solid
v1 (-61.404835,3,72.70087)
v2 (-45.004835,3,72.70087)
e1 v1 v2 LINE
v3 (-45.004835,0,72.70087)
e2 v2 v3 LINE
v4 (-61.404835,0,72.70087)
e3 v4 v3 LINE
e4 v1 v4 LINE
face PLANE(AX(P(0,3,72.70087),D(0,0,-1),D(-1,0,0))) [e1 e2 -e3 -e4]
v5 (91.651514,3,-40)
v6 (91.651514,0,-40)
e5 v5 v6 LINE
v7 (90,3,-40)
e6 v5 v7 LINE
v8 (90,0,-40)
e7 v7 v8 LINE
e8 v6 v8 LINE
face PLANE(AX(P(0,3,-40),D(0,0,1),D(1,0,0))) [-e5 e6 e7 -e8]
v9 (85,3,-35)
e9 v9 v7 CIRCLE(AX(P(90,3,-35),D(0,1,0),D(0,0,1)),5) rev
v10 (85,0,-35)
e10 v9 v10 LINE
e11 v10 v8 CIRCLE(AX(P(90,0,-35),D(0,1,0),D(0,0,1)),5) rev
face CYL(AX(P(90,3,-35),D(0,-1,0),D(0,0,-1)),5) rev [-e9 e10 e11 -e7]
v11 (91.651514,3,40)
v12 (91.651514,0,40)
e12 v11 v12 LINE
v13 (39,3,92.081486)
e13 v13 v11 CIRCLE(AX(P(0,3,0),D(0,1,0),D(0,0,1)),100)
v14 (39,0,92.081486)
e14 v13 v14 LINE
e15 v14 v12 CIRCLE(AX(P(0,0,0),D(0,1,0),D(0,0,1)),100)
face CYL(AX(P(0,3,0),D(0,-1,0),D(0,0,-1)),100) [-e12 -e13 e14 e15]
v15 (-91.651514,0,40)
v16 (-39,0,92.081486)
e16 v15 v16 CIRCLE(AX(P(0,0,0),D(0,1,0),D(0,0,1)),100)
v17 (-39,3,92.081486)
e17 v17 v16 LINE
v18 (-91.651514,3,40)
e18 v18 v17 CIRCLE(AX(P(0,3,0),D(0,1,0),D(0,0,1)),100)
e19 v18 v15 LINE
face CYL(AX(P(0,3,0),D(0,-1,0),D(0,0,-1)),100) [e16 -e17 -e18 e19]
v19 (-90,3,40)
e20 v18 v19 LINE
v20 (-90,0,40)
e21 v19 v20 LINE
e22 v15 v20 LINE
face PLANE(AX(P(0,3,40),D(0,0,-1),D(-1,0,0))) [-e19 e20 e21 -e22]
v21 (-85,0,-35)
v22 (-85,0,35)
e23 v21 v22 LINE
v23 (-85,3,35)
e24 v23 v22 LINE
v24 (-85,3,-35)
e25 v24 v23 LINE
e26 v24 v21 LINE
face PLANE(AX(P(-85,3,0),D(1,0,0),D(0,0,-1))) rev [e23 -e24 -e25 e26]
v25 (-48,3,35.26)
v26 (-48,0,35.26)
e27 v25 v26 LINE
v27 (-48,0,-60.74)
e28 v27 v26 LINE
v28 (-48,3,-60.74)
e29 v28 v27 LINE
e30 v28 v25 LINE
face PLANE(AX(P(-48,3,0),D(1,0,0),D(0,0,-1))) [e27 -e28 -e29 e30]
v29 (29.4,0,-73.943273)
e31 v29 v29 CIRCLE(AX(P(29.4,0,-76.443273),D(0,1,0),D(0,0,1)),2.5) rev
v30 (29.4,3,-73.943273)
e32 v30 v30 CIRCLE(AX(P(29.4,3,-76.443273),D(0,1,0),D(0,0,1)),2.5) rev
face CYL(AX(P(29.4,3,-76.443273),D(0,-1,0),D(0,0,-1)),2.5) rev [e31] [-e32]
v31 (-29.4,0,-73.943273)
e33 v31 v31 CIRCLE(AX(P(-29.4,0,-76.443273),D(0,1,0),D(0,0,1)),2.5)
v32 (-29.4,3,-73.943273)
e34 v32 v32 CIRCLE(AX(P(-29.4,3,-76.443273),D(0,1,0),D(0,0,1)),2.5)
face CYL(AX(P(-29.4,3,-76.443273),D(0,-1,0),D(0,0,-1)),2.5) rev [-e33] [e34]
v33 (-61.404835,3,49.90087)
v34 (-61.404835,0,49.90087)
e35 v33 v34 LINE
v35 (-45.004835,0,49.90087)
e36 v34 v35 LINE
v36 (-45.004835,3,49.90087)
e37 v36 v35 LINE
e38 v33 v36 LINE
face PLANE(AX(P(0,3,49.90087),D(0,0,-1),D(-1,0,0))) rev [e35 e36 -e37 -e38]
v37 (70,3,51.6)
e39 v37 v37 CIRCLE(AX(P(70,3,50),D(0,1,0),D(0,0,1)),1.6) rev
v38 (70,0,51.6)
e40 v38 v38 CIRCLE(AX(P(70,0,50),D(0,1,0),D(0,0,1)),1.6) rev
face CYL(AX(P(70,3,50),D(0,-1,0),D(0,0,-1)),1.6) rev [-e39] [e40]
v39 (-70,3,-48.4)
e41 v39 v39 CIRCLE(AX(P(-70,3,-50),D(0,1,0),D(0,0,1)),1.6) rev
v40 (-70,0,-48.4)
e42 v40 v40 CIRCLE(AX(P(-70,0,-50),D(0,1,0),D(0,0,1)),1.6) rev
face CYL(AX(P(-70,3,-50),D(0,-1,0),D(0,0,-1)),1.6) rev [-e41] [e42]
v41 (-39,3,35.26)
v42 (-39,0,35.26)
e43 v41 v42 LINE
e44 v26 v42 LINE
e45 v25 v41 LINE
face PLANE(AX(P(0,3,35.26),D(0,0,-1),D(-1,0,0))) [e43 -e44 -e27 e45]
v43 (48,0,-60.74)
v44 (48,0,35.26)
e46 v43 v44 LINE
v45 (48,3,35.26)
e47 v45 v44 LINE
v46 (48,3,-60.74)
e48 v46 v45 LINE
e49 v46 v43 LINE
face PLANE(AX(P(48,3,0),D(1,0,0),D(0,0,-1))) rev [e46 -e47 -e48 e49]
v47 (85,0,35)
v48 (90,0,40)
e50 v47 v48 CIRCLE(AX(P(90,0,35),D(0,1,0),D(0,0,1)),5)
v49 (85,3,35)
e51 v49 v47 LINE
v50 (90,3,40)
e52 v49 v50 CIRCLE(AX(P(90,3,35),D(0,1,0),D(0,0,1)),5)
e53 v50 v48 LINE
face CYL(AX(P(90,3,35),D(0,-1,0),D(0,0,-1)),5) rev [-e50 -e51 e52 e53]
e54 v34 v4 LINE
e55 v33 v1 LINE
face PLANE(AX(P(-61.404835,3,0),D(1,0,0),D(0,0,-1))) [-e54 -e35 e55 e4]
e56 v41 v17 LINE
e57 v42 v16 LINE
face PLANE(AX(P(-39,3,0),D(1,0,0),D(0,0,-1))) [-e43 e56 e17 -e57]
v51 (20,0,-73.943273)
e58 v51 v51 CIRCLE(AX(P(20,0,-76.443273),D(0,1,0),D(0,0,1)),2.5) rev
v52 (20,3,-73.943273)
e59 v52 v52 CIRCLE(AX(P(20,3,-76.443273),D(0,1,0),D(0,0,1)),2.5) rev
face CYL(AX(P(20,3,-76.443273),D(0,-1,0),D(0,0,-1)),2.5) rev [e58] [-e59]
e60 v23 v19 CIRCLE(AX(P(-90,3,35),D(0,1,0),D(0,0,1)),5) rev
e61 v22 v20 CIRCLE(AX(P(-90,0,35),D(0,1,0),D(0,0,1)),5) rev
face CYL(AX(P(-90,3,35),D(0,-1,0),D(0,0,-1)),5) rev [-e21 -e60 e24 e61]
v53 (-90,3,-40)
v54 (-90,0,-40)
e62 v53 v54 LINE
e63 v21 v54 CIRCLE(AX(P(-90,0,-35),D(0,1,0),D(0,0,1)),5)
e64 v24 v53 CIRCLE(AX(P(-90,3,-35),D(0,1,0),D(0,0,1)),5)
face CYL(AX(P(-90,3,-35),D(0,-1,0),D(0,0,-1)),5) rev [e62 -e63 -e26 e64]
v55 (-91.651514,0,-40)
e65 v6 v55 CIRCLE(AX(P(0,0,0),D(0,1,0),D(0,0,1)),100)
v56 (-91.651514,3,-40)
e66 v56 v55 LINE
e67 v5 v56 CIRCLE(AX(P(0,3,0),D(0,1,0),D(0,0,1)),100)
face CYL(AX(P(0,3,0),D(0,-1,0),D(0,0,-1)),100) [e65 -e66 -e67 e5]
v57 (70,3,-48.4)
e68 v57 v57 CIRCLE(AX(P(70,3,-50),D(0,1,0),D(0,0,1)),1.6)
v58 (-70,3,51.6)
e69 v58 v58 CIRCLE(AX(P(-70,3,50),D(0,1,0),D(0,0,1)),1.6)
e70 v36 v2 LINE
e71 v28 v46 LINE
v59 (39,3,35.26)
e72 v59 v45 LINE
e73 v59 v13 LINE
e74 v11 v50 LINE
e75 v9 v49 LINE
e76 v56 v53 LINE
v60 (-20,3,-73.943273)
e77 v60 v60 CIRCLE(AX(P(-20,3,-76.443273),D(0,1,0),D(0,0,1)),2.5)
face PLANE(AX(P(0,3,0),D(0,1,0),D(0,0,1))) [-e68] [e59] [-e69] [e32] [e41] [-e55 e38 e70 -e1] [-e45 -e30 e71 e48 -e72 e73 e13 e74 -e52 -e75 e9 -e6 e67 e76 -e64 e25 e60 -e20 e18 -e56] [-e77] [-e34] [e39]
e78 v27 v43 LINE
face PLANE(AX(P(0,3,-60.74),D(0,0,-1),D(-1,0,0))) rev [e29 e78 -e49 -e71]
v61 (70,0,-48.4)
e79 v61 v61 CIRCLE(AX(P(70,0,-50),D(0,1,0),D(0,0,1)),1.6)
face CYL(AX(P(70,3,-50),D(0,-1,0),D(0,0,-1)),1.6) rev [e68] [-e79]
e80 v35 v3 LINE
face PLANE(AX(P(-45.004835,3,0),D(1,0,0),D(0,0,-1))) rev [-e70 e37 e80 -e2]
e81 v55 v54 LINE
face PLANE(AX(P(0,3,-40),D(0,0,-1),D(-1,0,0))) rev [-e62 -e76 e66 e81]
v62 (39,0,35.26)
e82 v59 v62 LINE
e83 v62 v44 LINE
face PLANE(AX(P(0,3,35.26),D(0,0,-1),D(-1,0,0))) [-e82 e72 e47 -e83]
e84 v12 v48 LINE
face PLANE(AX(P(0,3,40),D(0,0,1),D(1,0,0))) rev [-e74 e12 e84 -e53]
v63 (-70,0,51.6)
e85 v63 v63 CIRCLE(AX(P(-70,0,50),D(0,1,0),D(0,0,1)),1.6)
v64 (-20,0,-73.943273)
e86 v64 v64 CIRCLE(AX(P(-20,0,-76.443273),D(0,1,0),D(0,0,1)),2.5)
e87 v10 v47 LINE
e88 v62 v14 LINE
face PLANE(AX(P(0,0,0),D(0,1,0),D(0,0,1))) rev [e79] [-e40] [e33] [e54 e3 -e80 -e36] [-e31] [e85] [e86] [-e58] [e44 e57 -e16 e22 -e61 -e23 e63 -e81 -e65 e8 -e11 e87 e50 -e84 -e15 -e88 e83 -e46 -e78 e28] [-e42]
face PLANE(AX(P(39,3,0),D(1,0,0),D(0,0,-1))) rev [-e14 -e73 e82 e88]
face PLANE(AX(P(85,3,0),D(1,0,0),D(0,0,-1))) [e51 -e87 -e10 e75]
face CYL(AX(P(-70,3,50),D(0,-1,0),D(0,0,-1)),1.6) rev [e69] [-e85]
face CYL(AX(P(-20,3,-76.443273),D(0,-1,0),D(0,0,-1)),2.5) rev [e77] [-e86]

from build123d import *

# Parameters (mm, degrees)
SKETCH_1_W      = 16.4
SKETCH_1_H      = 22.8
SKETCH_1_R      = 1.6
SKETCH_1_R_2    = 2.5
EXTRUDE_1_DEPTH = 3


with BuildPart() as part:
    # 草圖1 → 填料-伸長1 (new body)
    with BuildSketch(Plane(origin=(0, 0, 0), x_dir=(1, 0, 0), z_dir=(0, 1, 0))):
        with BuildLine():
            ThreePointArc((39, -92.081485653), (70.324780895, -71.094480742), (91.651513899, -40))
            Line((91.651513899, -40), (90, -40))
            ThreePointArc((90, -40), (86.464466094, -38.535533906), (85, -35))
            Line((85, -35), (85, 35))
            ThreePointArc((85, 35), (86.464466094, 38.535533906), (90, 40))
            Line((90, 40), (91.651513899, 40))
            ThreePointArc((91.651513899, 40), (0, 100), (-91.651513899, 40))
            Line((-91.651513899, 40), (-90, 40))
            ThreePointArc((-90, 40), (-86.464466094, 38.535533906), (-85, 35))
            Line((-85, 35), (-85, -35))
            ThreePointArc((-85, -35), (-86.464466094, -38.535533906), (-90, -40))
            Line((-90, -40), (-91.651513899, -40))
            ThreePointArc((-91.651513899, -40), (-70.324780895, -71.094480742), (-39, -92.081485653))
            Line((-39, -92.081485653), (-39, -35.26))
            Line((-39, -35.26), (-48, -35.26))
            Line((-48, -35.26), (-48, 60.74))
            Line((-48, 60.74), (48, 60.74))
            Line((48, 60.74), (48, -35.26))
            Line((48, -35.26), (39, -35.26))
            Line((39, -35.26), (39, -92.081485653))
        make_face()
        with Locations((-53.204834595, -61.300870246)):
            Rectangle(SKETCH_1_W, SKETCH_1_H, mode=Mode.SUBTRACT)
        with Locations(Location((-70, -50, 0), (0, 0, 270))):
            Circle(SKETCH_1_R, mode=Mode.SUBTRACT)
        with Locations(Location((70, -50, 0), (0, 0, 270))):
            Circle(SKETCH_1_R, mode=Mode.SUBTRACT)
        with Locations(Location((-70, 50, 0), (0, 0, 270))):
            Circle(SKETCH_1_R, mode=Mode.SUBTRACT)
        with Locations(Location((-29.4, 76.443273383, 0), (0, 0, 270))):
            Circle(SKETCH_1_R_2, mode=Mode.SUBTRACT)
        with Locations(Location((-20, 76.443273383, 0), (0, 0, 270))):
            Circle(SKETCH_1_R_2, mode=Mode.SUBTRACT)
        with Locations(Location((20, 76.443273383, 0), (0, 0, 270))):
            Circle(SKETCH_1_R_2, mode=Mode.SUBTRACT)
        with Locations(Location((29.4, 76.443273383, 0), (0, 0, 270))):
            Circle(SKETCH_1_R_2, mode=Mode.SUBTRACT)
        with Locations(Location((70, 50, 0), (0, 0, 270))):
            Circle(SKETCH_1_R, mode=Mode.SUBTRACT)
    extrude(amount=EXTRUDE_1_DEPTH)


solid = part.part
